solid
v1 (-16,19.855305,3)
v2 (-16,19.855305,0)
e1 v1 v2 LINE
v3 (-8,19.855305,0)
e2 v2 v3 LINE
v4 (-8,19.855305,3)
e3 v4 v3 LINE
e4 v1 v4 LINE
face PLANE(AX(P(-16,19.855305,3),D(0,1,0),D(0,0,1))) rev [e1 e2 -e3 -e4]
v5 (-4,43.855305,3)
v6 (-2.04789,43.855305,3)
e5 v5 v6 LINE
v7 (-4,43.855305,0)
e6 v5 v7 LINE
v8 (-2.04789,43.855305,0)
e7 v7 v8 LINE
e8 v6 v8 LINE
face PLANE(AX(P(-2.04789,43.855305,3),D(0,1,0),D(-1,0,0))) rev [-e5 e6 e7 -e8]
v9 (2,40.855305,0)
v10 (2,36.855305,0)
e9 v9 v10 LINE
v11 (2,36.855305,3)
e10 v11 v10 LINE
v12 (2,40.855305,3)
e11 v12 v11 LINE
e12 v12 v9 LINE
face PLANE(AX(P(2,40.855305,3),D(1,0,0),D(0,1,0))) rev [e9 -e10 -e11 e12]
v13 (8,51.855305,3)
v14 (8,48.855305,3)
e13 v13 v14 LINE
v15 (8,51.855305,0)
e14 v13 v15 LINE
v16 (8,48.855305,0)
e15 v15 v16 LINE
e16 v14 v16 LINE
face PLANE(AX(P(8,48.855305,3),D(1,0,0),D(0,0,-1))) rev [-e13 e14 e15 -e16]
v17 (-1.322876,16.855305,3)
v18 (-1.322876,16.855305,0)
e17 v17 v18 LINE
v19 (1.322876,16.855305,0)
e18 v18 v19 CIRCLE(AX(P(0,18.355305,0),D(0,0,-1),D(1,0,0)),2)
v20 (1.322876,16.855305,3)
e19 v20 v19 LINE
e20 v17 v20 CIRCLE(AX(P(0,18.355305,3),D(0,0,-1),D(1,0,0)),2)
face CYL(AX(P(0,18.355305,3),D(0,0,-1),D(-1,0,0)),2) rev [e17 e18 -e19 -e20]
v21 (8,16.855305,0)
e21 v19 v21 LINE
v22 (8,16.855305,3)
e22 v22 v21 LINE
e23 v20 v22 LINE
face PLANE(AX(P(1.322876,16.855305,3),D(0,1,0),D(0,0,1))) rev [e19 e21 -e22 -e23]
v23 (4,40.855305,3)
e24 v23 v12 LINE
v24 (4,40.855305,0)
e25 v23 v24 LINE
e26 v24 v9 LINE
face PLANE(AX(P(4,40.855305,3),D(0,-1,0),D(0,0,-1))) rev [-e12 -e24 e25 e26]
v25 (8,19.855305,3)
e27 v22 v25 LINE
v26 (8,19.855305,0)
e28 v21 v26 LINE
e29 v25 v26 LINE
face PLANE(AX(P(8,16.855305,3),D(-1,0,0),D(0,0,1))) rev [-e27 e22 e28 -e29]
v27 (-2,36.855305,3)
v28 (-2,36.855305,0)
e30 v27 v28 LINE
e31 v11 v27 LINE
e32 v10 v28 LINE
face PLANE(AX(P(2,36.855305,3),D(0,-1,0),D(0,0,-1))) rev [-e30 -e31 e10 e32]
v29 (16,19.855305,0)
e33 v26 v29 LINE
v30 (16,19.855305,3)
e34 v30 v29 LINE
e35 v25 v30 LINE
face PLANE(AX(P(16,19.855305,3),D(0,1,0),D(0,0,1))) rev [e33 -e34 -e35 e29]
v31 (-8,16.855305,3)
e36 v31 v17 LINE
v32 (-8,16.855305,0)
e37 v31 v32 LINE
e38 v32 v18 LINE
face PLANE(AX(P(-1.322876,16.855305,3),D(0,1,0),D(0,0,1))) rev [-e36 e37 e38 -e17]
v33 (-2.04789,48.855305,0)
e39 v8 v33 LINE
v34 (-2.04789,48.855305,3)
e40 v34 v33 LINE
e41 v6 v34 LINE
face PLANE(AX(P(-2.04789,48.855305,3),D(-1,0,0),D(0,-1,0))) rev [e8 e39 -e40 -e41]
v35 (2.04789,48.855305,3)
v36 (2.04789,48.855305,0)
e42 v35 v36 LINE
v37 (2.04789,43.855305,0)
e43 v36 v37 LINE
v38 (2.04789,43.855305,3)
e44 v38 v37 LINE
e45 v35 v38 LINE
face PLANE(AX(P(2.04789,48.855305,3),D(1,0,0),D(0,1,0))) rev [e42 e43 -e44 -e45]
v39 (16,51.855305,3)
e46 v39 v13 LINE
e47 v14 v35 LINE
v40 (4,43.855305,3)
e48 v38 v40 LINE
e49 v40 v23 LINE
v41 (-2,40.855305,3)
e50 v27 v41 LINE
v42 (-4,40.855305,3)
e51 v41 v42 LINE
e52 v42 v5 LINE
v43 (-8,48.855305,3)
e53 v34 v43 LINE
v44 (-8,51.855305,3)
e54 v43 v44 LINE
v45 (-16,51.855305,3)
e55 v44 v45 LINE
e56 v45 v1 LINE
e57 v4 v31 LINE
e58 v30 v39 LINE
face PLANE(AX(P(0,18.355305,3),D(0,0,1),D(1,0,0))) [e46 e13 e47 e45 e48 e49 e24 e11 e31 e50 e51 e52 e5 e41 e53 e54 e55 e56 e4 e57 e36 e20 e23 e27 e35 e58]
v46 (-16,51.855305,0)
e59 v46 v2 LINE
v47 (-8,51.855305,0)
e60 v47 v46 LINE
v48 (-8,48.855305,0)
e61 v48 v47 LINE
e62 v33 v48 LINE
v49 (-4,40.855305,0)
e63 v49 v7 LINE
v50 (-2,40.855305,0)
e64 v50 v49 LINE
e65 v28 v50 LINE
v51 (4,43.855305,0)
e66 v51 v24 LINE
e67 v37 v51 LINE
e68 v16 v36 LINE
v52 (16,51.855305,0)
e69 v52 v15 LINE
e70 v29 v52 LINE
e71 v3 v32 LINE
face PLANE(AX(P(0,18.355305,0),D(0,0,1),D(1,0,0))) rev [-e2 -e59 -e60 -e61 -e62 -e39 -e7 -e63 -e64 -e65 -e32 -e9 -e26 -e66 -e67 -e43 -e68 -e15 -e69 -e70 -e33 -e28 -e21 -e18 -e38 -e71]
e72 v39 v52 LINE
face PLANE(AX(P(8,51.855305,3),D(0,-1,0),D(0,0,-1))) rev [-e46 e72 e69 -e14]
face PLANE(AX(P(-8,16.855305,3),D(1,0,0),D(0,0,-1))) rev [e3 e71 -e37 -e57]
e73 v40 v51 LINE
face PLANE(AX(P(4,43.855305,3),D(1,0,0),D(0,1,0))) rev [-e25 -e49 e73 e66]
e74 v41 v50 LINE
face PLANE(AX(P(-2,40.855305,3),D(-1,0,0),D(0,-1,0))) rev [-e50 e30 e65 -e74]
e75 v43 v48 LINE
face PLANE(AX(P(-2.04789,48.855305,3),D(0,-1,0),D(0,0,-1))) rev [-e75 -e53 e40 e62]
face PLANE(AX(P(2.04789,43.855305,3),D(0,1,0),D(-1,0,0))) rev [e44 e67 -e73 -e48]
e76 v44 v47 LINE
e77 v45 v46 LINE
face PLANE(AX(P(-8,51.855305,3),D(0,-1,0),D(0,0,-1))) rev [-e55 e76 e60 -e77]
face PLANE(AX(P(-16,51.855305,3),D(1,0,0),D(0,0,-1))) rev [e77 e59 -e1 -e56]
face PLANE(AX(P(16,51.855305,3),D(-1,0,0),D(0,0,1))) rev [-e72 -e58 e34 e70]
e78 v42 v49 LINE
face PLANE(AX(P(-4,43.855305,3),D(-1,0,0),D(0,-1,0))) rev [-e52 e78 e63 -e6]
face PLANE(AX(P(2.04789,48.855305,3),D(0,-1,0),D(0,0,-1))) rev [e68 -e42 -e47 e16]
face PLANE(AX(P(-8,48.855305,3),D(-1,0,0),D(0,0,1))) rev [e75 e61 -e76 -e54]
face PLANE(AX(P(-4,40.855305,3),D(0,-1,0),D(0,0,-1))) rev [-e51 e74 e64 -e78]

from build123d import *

# Parameters (mm, degrees)
EXTRUDE_1_DEPTH = 3


with BuildPart() as part:
    # 草图2 → 凸台-拉伸1 (new body)
    with BuildSketch(Plane.XY):
        with BuildLine():
            Line((2.047890023, 48.855305477), (8, 48.855305477))
            Line((8, 48.855305477), (8, 51.855305477))
            Line((8, 51.855305477), (16, 51.855305477))
            Line((16, 51.855305477), (16, 19.855305477))
            Line((16, 19.855305477), (8, 19.855305477))
            Line((8, 19.855305477), (8, 16.855305477))
            Line((8, 16.855305477), (1.322875656, 16.855305477))
            ThreePointArc((1.322875656, 16.855305477), (0, 20.355305477), (-1.322875656, 16.855305477))
            Line((-1.322875656, 16.855305477), (-8, 16.855305477))
            Line((-8, 16.855305477), (-8, 19.855305477))
            Line((-8, 19.855305477), (-16, 19.855305477))
            Line((-16, 19.855305477), (-16, 51.855305477))
            Line((-16, 51.855305477), (-8, 51.855305477))
            Line((-8, 51.855305477), (-8, 48.855305477))
            Line((-8, 48.855305477), (-2.047890023, 48.855305477))
            Line((-2.047890023, 48.855305477), (-2.047890023, 43.855305477))
            Line((-2.047890023, 43.855305477), (-4, 43.855305477))
            Line((-4, 43.855305477), (-4, 40.855305477))
            Line((-4, 40.855305477), (-2, 40.855305477))
            Line((-2, 40.855305477), (-2, 36.855305477))
            Line((-2, 36.855305477), (2, 36.855305477))
            Line((2, 36.855305477), (2, 40.855305477))
            Line((2, 40.855305477), (4, 40.855305477))
            Line((4, 40.855305477), (4, 43.855305477))
            Line((4, 43.855305477), (2.047890023, 43.855305477))
            Line((2.047890023, 43.855305477), (2.047890023, 48.855305477))
        make_face()
    extrude(amount=EXTRUDE_1_DEPTH)


solid = part.part
